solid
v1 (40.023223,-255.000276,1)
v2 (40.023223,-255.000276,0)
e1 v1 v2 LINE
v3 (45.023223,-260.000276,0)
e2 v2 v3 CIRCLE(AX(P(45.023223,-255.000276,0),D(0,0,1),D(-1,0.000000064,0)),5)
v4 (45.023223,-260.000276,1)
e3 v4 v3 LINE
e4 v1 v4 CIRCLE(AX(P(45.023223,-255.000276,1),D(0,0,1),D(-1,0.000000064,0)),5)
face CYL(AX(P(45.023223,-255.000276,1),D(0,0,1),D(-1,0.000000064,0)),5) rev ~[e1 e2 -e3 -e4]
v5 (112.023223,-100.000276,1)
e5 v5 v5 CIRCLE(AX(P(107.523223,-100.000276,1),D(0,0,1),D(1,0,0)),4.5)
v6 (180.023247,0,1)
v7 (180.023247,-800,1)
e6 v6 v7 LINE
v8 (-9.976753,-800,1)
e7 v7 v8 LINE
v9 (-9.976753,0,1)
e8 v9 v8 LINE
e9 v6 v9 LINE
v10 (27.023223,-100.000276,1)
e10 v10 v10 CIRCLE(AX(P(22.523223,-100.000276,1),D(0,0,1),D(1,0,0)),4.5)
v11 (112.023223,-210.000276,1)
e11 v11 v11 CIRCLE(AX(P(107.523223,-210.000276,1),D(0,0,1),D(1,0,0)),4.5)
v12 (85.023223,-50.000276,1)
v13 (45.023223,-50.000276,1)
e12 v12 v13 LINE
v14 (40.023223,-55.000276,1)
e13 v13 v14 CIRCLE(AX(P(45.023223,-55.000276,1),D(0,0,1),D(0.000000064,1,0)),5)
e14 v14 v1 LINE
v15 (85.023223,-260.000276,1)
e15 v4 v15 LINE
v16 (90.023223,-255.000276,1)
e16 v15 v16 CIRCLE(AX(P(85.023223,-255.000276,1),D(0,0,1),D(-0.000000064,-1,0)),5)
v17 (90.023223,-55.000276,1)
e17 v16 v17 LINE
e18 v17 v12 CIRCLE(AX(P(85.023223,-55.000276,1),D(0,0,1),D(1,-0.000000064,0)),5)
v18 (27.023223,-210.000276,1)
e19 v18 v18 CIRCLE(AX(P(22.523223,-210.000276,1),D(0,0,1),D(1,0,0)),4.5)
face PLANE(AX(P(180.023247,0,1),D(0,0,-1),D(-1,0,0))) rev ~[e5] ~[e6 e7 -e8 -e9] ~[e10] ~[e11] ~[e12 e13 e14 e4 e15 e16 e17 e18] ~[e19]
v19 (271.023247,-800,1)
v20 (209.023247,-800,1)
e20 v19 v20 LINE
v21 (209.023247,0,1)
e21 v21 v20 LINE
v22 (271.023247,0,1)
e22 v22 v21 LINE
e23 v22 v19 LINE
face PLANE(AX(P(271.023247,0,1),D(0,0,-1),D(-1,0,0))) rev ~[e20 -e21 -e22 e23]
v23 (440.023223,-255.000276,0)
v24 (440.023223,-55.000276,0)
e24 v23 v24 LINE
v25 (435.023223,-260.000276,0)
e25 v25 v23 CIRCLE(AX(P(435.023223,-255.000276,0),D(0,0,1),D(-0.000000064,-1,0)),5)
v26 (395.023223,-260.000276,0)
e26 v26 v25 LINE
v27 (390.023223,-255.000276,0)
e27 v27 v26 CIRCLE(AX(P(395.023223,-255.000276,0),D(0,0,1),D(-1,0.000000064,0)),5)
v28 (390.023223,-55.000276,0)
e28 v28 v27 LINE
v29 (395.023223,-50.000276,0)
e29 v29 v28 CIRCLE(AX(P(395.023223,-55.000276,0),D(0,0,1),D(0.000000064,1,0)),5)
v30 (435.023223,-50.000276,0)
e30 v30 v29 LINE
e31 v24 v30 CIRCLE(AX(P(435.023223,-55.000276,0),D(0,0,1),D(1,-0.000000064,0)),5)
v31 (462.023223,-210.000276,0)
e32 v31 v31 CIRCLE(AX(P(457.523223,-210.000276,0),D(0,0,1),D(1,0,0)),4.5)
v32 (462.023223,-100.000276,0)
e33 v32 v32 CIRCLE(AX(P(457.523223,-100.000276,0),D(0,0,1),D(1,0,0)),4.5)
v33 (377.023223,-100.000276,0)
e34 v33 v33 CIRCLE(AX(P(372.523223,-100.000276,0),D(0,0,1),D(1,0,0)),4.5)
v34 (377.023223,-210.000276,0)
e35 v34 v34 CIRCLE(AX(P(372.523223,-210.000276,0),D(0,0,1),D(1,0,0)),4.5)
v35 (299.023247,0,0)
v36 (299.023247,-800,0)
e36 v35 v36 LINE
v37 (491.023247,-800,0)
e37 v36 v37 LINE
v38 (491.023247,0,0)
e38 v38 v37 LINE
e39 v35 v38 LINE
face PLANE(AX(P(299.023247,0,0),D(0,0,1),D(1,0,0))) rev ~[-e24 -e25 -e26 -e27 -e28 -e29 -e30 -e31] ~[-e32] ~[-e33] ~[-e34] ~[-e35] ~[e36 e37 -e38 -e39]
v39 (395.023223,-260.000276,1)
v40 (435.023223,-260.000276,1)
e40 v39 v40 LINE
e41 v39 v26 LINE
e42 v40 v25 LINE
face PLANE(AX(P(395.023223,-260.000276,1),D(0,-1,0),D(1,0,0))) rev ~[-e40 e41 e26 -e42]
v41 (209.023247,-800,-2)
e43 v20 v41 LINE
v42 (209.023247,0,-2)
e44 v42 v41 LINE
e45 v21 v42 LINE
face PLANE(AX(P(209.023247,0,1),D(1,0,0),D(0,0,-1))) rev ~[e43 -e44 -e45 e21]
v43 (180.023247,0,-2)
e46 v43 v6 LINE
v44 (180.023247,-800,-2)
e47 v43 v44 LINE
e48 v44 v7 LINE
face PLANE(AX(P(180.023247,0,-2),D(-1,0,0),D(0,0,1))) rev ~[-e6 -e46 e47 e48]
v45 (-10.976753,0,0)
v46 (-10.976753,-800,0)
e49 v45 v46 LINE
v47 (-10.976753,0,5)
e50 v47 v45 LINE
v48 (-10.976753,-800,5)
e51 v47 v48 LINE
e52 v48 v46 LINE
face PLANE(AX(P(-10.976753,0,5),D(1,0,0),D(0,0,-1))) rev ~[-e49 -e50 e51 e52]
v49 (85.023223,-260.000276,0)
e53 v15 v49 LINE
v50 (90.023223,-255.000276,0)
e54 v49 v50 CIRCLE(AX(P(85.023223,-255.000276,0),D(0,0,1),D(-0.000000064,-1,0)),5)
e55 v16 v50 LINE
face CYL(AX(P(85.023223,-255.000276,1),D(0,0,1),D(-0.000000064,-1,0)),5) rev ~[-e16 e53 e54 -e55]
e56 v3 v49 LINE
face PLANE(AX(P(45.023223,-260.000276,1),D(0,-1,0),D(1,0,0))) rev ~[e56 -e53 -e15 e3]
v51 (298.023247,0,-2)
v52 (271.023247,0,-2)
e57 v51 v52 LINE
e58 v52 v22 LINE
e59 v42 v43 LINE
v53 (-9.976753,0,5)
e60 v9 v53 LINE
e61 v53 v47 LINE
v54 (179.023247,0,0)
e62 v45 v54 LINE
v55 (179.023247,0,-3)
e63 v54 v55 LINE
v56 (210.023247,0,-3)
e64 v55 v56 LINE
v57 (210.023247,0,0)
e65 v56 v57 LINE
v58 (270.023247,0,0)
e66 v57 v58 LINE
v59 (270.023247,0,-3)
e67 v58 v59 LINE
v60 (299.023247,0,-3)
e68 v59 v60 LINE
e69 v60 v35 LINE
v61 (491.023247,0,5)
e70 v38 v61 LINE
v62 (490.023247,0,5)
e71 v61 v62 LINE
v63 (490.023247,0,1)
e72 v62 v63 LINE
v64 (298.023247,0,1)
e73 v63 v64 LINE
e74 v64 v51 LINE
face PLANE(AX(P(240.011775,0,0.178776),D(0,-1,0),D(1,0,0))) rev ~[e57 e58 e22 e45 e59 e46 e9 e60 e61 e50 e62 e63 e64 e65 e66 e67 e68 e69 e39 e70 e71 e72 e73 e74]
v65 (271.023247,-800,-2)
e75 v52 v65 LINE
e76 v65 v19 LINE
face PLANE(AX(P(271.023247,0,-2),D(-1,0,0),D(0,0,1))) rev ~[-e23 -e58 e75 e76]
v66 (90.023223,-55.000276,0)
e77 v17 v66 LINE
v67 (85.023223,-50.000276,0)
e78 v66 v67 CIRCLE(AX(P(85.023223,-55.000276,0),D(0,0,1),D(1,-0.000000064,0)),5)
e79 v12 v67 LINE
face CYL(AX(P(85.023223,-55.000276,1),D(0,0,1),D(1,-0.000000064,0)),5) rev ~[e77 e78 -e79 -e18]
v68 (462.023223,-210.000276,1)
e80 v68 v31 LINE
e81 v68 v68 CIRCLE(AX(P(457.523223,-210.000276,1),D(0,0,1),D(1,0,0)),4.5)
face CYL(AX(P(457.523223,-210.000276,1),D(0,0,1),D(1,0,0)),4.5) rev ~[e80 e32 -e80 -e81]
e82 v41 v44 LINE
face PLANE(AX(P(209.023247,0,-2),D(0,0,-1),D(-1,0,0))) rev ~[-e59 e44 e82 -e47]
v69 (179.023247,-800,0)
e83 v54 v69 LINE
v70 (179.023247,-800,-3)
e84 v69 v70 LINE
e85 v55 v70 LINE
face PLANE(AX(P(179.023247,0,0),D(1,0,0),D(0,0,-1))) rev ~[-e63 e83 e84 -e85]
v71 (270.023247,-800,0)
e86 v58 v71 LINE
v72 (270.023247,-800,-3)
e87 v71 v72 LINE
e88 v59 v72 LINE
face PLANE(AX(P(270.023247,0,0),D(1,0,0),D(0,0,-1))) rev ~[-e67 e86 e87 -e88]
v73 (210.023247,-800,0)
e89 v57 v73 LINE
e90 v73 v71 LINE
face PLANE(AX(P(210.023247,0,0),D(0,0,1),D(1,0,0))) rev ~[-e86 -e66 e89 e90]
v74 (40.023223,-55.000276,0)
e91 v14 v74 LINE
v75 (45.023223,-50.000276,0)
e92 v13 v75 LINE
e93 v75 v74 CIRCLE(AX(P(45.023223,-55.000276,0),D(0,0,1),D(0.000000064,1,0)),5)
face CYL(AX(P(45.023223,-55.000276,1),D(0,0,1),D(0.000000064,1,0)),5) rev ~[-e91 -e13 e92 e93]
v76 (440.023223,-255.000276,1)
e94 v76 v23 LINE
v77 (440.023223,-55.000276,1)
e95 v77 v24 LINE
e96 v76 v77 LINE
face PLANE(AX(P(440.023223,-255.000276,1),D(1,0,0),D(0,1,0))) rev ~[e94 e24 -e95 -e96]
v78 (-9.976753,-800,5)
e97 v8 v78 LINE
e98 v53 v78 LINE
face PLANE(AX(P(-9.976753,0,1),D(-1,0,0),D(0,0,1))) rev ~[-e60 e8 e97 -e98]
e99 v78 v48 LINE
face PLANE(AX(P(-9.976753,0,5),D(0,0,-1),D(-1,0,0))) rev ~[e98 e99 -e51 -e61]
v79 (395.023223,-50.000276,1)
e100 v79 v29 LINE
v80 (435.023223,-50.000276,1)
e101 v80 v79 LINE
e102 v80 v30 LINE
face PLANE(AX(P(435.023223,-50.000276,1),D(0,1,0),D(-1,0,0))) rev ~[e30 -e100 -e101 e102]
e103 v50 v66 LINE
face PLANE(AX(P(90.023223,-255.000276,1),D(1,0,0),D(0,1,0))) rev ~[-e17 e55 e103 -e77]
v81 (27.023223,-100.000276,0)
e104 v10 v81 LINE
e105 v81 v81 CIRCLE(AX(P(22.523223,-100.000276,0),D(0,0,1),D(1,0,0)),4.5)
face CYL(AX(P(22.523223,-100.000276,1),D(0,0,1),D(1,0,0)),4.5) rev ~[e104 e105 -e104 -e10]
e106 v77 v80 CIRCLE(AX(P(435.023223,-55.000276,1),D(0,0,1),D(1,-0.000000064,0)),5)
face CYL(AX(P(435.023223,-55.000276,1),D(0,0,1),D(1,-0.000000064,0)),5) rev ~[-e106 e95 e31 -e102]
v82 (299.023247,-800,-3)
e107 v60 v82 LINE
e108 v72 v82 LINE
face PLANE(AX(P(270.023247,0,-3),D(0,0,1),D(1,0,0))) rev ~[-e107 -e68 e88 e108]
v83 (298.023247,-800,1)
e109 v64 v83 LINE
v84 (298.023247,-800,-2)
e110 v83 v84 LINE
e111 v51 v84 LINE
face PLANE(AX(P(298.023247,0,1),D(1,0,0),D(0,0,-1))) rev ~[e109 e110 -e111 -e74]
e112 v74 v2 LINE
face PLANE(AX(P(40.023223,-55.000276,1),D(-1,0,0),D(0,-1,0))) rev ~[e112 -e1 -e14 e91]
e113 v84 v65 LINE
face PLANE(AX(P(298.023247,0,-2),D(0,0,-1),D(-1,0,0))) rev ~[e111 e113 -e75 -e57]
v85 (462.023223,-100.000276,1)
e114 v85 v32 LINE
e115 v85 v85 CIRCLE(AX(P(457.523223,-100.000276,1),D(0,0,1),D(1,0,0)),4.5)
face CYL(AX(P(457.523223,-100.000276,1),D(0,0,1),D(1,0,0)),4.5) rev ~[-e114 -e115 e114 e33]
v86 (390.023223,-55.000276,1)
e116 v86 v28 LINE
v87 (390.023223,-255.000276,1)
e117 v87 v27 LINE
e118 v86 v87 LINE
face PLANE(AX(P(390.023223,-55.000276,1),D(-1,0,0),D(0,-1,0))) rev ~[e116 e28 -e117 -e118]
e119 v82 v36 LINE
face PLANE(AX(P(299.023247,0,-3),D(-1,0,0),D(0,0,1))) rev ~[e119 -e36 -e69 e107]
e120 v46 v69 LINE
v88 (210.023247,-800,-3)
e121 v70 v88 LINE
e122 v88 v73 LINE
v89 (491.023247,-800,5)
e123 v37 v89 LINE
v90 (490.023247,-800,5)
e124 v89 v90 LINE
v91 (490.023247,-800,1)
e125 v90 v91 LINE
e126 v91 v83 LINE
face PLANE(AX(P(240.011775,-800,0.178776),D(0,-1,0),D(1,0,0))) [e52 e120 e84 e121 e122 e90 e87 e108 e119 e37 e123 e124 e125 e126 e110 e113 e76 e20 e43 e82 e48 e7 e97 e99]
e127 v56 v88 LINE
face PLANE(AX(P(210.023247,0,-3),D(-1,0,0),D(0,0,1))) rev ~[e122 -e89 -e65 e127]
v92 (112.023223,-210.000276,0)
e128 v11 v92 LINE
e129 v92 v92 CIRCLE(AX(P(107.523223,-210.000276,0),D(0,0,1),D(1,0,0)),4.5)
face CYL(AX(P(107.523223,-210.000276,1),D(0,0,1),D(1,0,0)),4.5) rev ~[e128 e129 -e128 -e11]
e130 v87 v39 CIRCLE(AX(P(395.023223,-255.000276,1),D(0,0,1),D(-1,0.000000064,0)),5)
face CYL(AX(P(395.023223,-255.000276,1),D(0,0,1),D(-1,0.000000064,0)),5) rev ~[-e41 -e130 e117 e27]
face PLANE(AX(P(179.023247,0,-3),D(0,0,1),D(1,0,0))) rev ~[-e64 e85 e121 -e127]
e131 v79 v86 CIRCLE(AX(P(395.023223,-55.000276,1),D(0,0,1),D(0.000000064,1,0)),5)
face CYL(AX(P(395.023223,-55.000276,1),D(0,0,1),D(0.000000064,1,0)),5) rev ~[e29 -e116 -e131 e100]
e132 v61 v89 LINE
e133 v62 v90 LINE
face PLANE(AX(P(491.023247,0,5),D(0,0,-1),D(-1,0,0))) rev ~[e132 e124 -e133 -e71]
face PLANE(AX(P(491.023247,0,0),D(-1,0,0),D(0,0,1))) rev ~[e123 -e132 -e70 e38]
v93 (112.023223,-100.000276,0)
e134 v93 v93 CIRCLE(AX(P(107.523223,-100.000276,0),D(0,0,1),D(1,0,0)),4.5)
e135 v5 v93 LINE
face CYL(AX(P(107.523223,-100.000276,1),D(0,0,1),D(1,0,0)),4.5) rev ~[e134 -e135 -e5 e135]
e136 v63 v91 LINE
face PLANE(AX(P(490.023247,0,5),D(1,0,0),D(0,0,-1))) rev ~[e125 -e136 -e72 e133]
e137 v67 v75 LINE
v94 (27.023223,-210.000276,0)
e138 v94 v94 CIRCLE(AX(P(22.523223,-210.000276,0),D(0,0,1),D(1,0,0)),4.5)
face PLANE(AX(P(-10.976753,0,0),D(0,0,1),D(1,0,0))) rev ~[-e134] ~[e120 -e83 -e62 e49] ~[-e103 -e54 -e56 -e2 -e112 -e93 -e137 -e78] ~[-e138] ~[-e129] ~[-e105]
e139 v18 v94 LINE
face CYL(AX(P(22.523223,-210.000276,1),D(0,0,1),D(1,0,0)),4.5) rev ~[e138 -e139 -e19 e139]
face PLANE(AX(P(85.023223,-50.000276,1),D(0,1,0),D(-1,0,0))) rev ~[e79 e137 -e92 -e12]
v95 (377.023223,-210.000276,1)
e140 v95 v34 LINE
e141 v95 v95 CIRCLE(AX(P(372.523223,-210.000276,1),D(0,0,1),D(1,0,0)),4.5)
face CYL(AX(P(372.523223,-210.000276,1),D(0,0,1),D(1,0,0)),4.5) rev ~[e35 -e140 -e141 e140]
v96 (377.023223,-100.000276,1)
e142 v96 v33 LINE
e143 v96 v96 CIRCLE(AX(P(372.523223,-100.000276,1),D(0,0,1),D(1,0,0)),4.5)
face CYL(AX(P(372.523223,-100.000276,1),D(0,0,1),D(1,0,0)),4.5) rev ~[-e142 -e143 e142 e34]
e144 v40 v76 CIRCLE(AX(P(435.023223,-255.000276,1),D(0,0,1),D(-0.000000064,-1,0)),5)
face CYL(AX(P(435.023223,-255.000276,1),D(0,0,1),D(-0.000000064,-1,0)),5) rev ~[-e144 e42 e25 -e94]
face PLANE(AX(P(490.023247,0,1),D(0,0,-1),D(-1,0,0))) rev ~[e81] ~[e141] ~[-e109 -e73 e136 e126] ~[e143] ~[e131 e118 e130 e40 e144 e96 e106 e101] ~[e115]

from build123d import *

# Parameters (mm, degrees)
F1_DEPTH = 800
F2_R     = 4.5
F3_DEPTH = 4.001


with BuildPart() as f1:
    # F0 (on Front) → F1 (new body)
    with BuildSketch(Plane.XZ):
        Polygon((-10.976753, 1), (-10.976753, 0), (179.023247, 0), (179.023247, -3), (210.023247, -3), (210.023247, 0), (270.023247, 0), (270.023247, -3), (299.023247, -3), (299.023247, 0), (491.023247, 0), (491.023247, 1), (491.023247, 5), (490.023247, 5), (490.023247, 1), (298.023247, 1), (298.023247, -2), (271.023247, -2), (271.023247, 1), (209.023247, 1), (209.023247, -2), (180.023247, -2), (180.023247, 1), (-9.976753, 1), (-9.976753, 5), (-10.976753, 5), align=None)
    extrude(amount=F1_DEPTH)

    # F2 (on face) → F3 (cut, through all)
    with BuildSketch(Plane.XY.offset(1)):
        with BuildLine():
            Line((85.023223, -50.000276), (45.023223, -50.000276))
            ThreePointArc((45.023223, -50.000276), (41.487689, -51.464742), (40.023223, -55.000276))
            Line((40.023223, -55.000276), (40.023223, -255.000276))
            ThreePointArc((40.023223, -255.000276), (41.487689, -258.53581), (45.023223, -260.000276))
            Line((45.023223, -260.000276), (85.023223, -260.000276))
            ThreePointArc((85.023223, -260.000276), (88.558757, -258.53581), (90.023223, -255.000276))
            Line((90.023223, -255.000276), (90.023223, -55.000276))
            ThreePointArc((90.023223, -55.000276), (88.558757, -51.464742), (85.023223, -50.000276))
        make_face()
        with Locations((22.523223, -100.000276)):
            Circle(F2_R)
        with Locations((22.523223, -210.000276)):
            Circle(F2_R)
        with Locations((107.523223, -100.000276)):
            Circle(F2_R)
        with Locations((107.523223, -210.000276)):
            Circle(F2_R)
        with Locations((457.523223, -210.000276)):
            Circle(F2_R)
        with Locations((372.523223, -100.000276)):
            Circle(F2_R)
        with Locations((372.523223, -210.000276)):
            Circle(F2_R)
        with Locations((457.523223, -100.000276)):
            Circle(F2_R)
        with BuildLine():
            ThreePointArc((440.023223, -55.000276), (438.558757, -51.464742), (435.023223, -50.000276))
            Line((435.023223, -50.000276), (395.023223, -50.000276))
            ThreePointArc((395.023223, -50.000276), (391.487689, -51.464742), (390.023223, -55.000276))
            Line((390.023223, -55.000276), (390.023223, -255.000276))
            ThreePointArc((390.023223, -255.000276), (391.487689, -258.53581), (395.023223, -260.000276))
            Line((395.023223, -260.000276), (435.023223, -260.000276))
            ThreePointArc((435.023223, -260.000276), (438.558757, -258.53581), (440.023223, -255.000276))
            Line((440.023223, -255.000276), (440.023223, -55.000276))
        make_face()
    extrude(amount=-F3_DEPTH, mode=Mode.SUBTRACT)


solid = f1.part
